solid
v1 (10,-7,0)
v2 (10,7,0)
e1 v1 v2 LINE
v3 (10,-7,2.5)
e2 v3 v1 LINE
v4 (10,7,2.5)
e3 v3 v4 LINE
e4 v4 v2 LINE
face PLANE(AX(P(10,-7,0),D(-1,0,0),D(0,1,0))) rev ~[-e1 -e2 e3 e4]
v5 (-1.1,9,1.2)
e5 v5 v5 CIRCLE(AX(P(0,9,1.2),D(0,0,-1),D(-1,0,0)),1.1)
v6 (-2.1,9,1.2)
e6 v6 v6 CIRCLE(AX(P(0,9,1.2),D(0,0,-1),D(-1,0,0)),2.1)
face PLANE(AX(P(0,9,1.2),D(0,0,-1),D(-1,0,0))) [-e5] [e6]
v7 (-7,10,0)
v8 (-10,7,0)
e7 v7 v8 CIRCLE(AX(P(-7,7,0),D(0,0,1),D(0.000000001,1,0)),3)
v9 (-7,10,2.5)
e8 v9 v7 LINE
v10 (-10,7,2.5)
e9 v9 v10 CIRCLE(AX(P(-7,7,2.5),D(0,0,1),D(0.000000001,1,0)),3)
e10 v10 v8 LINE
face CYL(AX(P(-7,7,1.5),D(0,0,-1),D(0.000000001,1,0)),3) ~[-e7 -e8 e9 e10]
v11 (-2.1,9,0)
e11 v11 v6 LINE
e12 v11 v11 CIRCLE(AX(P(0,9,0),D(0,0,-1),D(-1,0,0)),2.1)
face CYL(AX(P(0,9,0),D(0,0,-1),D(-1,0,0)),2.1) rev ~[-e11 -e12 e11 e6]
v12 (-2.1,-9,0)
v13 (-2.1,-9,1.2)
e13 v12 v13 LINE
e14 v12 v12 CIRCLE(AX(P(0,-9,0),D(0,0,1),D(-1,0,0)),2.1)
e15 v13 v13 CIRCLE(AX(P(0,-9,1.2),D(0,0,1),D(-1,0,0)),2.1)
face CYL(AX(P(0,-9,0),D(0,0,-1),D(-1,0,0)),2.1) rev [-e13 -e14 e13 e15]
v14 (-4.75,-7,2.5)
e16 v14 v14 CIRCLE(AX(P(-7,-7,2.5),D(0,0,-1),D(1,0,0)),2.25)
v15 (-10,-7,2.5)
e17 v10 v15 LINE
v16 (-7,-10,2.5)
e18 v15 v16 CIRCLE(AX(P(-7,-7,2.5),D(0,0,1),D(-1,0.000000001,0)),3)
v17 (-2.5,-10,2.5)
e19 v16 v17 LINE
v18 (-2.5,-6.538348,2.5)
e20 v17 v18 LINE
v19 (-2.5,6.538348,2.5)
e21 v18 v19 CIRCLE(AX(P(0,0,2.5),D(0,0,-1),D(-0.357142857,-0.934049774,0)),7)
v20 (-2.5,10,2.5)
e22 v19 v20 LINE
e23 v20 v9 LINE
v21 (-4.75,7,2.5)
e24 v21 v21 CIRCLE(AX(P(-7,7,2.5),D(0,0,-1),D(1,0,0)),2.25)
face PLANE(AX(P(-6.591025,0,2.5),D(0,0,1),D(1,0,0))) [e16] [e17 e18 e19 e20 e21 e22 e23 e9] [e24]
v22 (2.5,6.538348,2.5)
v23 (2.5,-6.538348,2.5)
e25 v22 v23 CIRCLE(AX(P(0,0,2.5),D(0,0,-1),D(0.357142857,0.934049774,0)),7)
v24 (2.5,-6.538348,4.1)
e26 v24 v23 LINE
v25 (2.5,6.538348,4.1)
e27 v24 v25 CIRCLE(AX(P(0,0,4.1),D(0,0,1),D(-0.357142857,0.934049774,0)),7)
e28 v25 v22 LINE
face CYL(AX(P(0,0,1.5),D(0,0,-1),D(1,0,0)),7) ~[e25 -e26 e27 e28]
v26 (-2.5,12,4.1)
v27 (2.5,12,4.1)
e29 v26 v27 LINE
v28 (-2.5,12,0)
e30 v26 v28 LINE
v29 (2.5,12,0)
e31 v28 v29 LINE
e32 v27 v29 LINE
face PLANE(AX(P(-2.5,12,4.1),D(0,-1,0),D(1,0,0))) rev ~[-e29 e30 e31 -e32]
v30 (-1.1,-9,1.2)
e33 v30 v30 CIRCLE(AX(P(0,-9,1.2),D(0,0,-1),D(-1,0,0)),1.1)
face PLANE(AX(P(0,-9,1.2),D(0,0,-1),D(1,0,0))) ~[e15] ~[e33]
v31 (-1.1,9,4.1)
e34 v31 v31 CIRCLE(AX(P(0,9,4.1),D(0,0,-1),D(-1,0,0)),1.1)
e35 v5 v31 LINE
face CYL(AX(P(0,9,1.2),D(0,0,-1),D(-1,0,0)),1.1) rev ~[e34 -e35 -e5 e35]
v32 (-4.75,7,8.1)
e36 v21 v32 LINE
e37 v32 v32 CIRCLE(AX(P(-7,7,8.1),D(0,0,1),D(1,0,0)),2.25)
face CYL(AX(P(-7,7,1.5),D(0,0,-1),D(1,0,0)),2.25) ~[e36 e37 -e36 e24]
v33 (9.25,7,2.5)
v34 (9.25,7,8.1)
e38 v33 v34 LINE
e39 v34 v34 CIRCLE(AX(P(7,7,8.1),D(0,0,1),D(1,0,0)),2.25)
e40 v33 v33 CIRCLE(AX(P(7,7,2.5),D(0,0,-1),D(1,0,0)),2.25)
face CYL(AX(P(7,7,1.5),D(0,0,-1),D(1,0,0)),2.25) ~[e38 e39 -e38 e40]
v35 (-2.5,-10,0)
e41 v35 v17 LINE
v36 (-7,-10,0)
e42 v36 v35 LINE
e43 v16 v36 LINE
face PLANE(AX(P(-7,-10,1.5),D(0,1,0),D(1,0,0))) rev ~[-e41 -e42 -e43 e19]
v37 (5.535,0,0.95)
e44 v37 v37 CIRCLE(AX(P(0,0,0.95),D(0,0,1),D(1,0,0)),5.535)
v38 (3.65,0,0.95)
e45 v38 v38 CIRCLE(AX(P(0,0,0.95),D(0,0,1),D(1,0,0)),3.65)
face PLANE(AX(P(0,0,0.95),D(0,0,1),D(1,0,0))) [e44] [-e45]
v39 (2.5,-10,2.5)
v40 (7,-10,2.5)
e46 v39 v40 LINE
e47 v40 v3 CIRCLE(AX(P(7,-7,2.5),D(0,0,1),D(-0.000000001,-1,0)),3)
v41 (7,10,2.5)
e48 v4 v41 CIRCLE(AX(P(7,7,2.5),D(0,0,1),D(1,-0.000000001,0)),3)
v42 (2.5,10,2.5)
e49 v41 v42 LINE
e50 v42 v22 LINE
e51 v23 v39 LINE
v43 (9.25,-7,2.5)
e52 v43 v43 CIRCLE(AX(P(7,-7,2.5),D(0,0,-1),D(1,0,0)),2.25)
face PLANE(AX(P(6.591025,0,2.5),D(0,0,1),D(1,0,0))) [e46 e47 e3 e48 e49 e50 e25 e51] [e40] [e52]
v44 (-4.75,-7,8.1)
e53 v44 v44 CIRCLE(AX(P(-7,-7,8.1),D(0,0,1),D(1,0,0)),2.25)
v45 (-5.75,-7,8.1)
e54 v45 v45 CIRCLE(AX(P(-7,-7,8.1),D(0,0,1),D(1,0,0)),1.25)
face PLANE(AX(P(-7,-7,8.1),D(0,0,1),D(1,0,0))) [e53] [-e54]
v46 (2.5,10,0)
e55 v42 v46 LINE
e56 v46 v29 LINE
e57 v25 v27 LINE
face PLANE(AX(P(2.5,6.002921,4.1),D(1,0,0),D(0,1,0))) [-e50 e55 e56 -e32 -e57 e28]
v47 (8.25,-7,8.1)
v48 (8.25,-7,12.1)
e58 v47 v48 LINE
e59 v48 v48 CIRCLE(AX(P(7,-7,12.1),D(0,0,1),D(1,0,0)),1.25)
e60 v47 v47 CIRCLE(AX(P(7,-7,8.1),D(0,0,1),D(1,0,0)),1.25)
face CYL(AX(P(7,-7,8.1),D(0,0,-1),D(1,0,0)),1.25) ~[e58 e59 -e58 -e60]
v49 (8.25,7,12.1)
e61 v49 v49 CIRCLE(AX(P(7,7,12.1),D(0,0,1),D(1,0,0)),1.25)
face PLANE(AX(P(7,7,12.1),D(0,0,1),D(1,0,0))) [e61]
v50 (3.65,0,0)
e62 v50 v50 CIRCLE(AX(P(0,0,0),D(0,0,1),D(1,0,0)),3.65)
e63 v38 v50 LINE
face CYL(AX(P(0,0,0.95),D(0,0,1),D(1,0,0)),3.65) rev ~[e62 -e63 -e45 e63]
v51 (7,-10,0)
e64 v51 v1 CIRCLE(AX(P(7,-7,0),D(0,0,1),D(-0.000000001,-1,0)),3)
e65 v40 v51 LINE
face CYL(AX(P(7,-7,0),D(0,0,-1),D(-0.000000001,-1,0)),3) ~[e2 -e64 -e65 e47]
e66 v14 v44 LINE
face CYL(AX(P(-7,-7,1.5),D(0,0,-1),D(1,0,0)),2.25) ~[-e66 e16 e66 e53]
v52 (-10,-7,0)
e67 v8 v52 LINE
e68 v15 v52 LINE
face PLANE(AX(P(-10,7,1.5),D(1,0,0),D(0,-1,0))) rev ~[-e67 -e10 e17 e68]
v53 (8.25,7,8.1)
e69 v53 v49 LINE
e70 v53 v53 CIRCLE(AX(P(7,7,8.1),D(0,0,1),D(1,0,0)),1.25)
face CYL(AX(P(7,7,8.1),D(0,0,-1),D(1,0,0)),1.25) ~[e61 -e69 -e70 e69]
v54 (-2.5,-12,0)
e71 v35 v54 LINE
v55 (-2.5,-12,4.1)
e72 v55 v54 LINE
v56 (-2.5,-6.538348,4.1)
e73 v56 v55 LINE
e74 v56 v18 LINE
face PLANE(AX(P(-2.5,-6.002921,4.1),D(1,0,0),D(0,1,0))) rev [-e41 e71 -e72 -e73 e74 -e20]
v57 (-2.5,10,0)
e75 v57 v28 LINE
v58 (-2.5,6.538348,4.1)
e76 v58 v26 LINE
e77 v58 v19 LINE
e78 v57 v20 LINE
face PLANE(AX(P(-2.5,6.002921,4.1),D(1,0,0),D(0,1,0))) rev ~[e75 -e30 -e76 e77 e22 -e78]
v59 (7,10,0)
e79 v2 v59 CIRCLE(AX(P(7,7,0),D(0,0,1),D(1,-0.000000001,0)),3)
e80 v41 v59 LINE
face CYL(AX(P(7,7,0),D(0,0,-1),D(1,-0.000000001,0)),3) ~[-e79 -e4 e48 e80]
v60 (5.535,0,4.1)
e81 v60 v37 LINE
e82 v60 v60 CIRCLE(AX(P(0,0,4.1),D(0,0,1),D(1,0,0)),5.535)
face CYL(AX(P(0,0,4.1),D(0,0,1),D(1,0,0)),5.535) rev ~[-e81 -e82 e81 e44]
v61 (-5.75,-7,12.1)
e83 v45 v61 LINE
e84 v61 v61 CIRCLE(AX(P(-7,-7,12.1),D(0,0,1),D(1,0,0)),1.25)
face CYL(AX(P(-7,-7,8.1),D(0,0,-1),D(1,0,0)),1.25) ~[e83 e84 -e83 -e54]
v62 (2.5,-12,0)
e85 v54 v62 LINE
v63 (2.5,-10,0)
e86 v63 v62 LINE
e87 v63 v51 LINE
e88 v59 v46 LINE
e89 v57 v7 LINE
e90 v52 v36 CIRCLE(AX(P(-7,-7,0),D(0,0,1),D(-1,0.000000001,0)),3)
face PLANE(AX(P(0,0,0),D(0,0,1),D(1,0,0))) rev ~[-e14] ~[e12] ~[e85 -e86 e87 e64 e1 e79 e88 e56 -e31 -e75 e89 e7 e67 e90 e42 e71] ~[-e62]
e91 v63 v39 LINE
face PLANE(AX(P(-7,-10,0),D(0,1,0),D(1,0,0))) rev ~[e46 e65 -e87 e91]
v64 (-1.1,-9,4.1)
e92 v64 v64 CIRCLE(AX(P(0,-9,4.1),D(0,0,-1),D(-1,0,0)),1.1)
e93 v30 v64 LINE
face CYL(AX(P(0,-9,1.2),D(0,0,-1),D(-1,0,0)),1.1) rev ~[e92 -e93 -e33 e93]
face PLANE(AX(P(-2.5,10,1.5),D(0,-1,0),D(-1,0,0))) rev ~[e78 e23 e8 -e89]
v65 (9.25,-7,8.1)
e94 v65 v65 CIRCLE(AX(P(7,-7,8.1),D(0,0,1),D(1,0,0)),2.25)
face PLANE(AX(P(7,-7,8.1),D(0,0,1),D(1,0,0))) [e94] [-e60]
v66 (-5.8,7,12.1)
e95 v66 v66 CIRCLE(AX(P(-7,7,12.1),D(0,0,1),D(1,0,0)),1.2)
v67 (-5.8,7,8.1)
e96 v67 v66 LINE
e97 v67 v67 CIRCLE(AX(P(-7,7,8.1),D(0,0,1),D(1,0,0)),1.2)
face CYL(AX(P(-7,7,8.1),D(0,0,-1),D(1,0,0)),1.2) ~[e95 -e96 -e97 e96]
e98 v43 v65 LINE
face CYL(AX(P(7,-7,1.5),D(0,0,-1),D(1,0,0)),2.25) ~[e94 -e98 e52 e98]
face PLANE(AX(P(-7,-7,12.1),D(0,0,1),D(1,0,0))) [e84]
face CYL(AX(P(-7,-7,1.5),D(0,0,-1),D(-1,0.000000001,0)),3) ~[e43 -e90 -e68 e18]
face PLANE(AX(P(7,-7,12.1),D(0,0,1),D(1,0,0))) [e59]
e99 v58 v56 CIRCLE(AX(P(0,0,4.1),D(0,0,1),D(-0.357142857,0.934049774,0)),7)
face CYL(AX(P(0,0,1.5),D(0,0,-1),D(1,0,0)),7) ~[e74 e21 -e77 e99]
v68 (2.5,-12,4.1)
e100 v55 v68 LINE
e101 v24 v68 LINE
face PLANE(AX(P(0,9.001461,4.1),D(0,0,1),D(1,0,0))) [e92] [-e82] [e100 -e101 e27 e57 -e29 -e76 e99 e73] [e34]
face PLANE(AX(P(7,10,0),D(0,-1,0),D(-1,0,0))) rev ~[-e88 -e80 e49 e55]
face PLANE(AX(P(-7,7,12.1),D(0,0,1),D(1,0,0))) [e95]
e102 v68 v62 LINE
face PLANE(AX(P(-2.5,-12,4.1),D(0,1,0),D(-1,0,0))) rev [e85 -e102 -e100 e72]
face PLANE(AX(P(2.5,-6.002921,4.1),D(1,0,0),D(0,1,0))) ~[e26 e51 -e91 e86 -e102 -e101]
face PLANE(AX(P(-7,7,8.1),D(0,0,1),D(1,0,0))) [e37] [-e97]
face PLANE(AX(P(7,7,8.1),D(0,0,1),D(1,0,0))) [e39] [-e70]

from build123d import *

# Parameters (mm, degrees)
EXTRUDE_1_DEPTH     = 1.5
SKETCH_4_R          = 2.25
EXTRUDE_2_DEPTH     = 6.6
SKETCH_5_R          = 1.2
SKETCH_5_R_2        = 1.25
EXTRUDE_3_DEPTH     = 4
SKETCH_6_R          = 7
EXTRUDE_4_DEPTH     = 2.6
SKETCH_7_R          = 5.535
CUT_EXTRUDE_1_DEPTH = 3.15
SKETCH_8_R          = 3.65
CUT_EXTRUDE_2_DEPTH = 5.65
EXTRUDE_6_REACH     = 18.248
SKETCH_11_W         = 5
SKETCH_11_H         = 5.997078986
SKETCH_12_R         = 2.1
CUT_EXTRUDE_5_DEPTH = 1.2
SKETCH_13_R         = 1.1
CUT_EXTRUDE_6_DEPTH = 26.5
EXTRUDE_7_DEPTH     = 1


with BuildPart() as part:
    # 草图1 → 凸台-拉伸1 (new body)
    with BuildSketch(Plane.XY):
        with BuildLine():
            Line((-7, -10), (7, -10))
            ThreePointArc((7, -10), (9.121320344, -9.121320344), (10, -7))
            Line((10, -7), (10, 7))
            ThreePointArc((10, 7), (9.121320344, 9.121320344), (7, 10))
            Line((7, 10), (-7, 10))
            ThreePointArc((-7, 10), (-9.121320344, 9.121320344), (-10, 7))
            Line((-10, 7), (-10, -7))
            ThreePointArc((-10, -7), (-9.121320344, -9.121320344), (-7, -10))
        make_face()
    extrude(amount=EXTRUDE_1_DEPTH)

    # 草图4 → 凸台-拉伸2 (add)
    with BuildSketch(Plane.XY.offset(1.5)):
        with Locations((-7, -7)):
            Circle(SKETCH_4_R)
        with Locations((7, -7)):
            Circle(SKETCH_4_R)
        with Locations((7, 7)):
            Circle(SKETCH_4_R)
        with Locations((-7, 7)):
            Circle(SKETCH_4_R)
    extrude(amount=EXTRUDE_2_DEPTH)

    # 草图5 → 凸台-拉伸3 (add)
    with BuildSketch(Plane.XY.offset(8.1)):
        with Locations((-7, 7)):
            Circle(SKETCH_5_R)
        with Locations((-7, -7)):
            Circle(SKETCH_5_R_2)
        with Locations((7, -7)):
            Circle(SKETCH_5_R_2)
        with Locations((7, 7)):
            Circle(SKETCH_5_R_2)
    extrude(amount=EXTRUDE_3_DEPTH)

    # 草图6 → 凸台-拉伸4 (add)
    with BuildSketch(Plane.XY.offset(1.5)):
        Circle(SKETCH_6_R)
    extrude(amount=EXTRUDE_4_DEPTH)

    # 草图7 → 切除-拉伸1 (cut)
    with BuildSketch(Plane.XY.offset(4.1)):
        Circle(SKETCH_7_R)
    extrude(amount=-CUT_EXTRUDE_1_DEPTH, mode=Mode.SUBTRACT)

    # 草图8 → 切除-拉伸2 (cut)
    with BuildSketch(Plane.XY.offset(0.95)):
        Circle(SKETCH_8_R)
    extrude(amount=-CUT_EXTRUDE_2_DEPTH, mode=Mode.SUBTRACT)

    # 凸台-拉伸6: up to this face of the body (flat: up to its plane)
    extrude_6_end = Plane(part.part.faces().sort_by_distance((0, -9.717157288, 0))[0])
    # 草图11 → 凸台-拉伸6 (add, up to the picked face)
    with BuildSketch(Plane.XY.offset(4.1), mode=Mode.PRIVATE) as extrude_6_sk1:
        with Locations((0, 9.001460507)):
            Rectangle(SKETCH_11_W, SKETCH_11_H)
    extrude_6_tool1 = split(extrude(extrude_6_sk1.sketch, amount=-EXTRUDE_6_REACH, mode=Mode.PRIVATE), bisect_by=extrude_6_end, keep=Keep.BOTH, mode=Mode.PRIVATE)
    extrude_6 = extrude_6_tool1.solids().sort_by(Axis((0, 9.001461, 4.1), (0, 0, -1)))[0]
    add(extrude_6)

    # 草图12 → 切除-拉伸5 (cut)
    with BuildSketch(Plane(origin=(0, 0, 0), x_dir=(-1, 0, 0), z_dir=(0, 0, -1))):
        with Locations((0, 9)):
            Circle(SKETCH_12_R)
    cut_extrude_5 = extrude(amount=-CUT_EXTRUDE_5_DEPTH, mode=Mode.SUBTRACT)

    # 镜向1: 凸台-拉伸6, 切除-拉伸5 across plane
    add(extrude_6.mirror(Plane.ZX))
    add(cut_extrude_5.mirror(Plane.ZX), mode=Mode.SUBTRACT)

    # 草图13 → 切除-拉伸6 (cut)
    with BuildSketch(Plane(origin=(0, 0, 1.2), x_dir=(-1, 0, 0), z_dir=(0, 0, -1))):
        with Locations((0, 9)):
            Circle(SKETCH_13_R)
        with Locations((0, -9)):
            Circle(SKETCH_13_R)
    extrude(amount=-CUT_EXTRUDE_6_DEPTH, mode=Mode.SUBTRACT)

    # 草图14 → 凸台-拉伸7 (add)
    with BuildSketch(Plane.XY.offset(1.5)):
        with BuildLine():
            Line((-7, -10), (-2.5, -10))
            Line((-2.5, -10), (-2.5, -6.538348415))
            ThreePointArc((-2.5, -6.538348415), (-7, 0), (-2.5, 6.538348415))
            Line((-2.5, 6.538348415), (-2.5, 10))
            Line((-2.5, 10), (-7, 10))
            ThreePointArc((-7, 10), (-9.121320344, 9.121320344), (-10, 7))
            Line((-10, 7), (-10, -7))
            ThreePointArc((-10, -7), (-9.121320344, -9.121320344), (-7, -10))
        make_face()
        with BuildLine():
            Line((2.5, -6.538348415), (2.5, -10))
            Line((2.5, -10), (7, -10))
            ThreePointArc((7, -10), (9.121320344, -9.121320344), (10, -7))
            Line((10, -7), (10, 7))
            ThreePointArc((10, 7), (9.121320344, 9.121320344), (7, 10))
            Line((7, 10), (2.5, 10))
            Line((2.5, 10), (2.5, 6.538348415))
            ThreePointArc((2.5, 6.538348415), (7, 0), (2.5, -6.538348415))
        make_face()
    extrude(amount=EXTRUDE_7_DEPTH)


solid = part.part
